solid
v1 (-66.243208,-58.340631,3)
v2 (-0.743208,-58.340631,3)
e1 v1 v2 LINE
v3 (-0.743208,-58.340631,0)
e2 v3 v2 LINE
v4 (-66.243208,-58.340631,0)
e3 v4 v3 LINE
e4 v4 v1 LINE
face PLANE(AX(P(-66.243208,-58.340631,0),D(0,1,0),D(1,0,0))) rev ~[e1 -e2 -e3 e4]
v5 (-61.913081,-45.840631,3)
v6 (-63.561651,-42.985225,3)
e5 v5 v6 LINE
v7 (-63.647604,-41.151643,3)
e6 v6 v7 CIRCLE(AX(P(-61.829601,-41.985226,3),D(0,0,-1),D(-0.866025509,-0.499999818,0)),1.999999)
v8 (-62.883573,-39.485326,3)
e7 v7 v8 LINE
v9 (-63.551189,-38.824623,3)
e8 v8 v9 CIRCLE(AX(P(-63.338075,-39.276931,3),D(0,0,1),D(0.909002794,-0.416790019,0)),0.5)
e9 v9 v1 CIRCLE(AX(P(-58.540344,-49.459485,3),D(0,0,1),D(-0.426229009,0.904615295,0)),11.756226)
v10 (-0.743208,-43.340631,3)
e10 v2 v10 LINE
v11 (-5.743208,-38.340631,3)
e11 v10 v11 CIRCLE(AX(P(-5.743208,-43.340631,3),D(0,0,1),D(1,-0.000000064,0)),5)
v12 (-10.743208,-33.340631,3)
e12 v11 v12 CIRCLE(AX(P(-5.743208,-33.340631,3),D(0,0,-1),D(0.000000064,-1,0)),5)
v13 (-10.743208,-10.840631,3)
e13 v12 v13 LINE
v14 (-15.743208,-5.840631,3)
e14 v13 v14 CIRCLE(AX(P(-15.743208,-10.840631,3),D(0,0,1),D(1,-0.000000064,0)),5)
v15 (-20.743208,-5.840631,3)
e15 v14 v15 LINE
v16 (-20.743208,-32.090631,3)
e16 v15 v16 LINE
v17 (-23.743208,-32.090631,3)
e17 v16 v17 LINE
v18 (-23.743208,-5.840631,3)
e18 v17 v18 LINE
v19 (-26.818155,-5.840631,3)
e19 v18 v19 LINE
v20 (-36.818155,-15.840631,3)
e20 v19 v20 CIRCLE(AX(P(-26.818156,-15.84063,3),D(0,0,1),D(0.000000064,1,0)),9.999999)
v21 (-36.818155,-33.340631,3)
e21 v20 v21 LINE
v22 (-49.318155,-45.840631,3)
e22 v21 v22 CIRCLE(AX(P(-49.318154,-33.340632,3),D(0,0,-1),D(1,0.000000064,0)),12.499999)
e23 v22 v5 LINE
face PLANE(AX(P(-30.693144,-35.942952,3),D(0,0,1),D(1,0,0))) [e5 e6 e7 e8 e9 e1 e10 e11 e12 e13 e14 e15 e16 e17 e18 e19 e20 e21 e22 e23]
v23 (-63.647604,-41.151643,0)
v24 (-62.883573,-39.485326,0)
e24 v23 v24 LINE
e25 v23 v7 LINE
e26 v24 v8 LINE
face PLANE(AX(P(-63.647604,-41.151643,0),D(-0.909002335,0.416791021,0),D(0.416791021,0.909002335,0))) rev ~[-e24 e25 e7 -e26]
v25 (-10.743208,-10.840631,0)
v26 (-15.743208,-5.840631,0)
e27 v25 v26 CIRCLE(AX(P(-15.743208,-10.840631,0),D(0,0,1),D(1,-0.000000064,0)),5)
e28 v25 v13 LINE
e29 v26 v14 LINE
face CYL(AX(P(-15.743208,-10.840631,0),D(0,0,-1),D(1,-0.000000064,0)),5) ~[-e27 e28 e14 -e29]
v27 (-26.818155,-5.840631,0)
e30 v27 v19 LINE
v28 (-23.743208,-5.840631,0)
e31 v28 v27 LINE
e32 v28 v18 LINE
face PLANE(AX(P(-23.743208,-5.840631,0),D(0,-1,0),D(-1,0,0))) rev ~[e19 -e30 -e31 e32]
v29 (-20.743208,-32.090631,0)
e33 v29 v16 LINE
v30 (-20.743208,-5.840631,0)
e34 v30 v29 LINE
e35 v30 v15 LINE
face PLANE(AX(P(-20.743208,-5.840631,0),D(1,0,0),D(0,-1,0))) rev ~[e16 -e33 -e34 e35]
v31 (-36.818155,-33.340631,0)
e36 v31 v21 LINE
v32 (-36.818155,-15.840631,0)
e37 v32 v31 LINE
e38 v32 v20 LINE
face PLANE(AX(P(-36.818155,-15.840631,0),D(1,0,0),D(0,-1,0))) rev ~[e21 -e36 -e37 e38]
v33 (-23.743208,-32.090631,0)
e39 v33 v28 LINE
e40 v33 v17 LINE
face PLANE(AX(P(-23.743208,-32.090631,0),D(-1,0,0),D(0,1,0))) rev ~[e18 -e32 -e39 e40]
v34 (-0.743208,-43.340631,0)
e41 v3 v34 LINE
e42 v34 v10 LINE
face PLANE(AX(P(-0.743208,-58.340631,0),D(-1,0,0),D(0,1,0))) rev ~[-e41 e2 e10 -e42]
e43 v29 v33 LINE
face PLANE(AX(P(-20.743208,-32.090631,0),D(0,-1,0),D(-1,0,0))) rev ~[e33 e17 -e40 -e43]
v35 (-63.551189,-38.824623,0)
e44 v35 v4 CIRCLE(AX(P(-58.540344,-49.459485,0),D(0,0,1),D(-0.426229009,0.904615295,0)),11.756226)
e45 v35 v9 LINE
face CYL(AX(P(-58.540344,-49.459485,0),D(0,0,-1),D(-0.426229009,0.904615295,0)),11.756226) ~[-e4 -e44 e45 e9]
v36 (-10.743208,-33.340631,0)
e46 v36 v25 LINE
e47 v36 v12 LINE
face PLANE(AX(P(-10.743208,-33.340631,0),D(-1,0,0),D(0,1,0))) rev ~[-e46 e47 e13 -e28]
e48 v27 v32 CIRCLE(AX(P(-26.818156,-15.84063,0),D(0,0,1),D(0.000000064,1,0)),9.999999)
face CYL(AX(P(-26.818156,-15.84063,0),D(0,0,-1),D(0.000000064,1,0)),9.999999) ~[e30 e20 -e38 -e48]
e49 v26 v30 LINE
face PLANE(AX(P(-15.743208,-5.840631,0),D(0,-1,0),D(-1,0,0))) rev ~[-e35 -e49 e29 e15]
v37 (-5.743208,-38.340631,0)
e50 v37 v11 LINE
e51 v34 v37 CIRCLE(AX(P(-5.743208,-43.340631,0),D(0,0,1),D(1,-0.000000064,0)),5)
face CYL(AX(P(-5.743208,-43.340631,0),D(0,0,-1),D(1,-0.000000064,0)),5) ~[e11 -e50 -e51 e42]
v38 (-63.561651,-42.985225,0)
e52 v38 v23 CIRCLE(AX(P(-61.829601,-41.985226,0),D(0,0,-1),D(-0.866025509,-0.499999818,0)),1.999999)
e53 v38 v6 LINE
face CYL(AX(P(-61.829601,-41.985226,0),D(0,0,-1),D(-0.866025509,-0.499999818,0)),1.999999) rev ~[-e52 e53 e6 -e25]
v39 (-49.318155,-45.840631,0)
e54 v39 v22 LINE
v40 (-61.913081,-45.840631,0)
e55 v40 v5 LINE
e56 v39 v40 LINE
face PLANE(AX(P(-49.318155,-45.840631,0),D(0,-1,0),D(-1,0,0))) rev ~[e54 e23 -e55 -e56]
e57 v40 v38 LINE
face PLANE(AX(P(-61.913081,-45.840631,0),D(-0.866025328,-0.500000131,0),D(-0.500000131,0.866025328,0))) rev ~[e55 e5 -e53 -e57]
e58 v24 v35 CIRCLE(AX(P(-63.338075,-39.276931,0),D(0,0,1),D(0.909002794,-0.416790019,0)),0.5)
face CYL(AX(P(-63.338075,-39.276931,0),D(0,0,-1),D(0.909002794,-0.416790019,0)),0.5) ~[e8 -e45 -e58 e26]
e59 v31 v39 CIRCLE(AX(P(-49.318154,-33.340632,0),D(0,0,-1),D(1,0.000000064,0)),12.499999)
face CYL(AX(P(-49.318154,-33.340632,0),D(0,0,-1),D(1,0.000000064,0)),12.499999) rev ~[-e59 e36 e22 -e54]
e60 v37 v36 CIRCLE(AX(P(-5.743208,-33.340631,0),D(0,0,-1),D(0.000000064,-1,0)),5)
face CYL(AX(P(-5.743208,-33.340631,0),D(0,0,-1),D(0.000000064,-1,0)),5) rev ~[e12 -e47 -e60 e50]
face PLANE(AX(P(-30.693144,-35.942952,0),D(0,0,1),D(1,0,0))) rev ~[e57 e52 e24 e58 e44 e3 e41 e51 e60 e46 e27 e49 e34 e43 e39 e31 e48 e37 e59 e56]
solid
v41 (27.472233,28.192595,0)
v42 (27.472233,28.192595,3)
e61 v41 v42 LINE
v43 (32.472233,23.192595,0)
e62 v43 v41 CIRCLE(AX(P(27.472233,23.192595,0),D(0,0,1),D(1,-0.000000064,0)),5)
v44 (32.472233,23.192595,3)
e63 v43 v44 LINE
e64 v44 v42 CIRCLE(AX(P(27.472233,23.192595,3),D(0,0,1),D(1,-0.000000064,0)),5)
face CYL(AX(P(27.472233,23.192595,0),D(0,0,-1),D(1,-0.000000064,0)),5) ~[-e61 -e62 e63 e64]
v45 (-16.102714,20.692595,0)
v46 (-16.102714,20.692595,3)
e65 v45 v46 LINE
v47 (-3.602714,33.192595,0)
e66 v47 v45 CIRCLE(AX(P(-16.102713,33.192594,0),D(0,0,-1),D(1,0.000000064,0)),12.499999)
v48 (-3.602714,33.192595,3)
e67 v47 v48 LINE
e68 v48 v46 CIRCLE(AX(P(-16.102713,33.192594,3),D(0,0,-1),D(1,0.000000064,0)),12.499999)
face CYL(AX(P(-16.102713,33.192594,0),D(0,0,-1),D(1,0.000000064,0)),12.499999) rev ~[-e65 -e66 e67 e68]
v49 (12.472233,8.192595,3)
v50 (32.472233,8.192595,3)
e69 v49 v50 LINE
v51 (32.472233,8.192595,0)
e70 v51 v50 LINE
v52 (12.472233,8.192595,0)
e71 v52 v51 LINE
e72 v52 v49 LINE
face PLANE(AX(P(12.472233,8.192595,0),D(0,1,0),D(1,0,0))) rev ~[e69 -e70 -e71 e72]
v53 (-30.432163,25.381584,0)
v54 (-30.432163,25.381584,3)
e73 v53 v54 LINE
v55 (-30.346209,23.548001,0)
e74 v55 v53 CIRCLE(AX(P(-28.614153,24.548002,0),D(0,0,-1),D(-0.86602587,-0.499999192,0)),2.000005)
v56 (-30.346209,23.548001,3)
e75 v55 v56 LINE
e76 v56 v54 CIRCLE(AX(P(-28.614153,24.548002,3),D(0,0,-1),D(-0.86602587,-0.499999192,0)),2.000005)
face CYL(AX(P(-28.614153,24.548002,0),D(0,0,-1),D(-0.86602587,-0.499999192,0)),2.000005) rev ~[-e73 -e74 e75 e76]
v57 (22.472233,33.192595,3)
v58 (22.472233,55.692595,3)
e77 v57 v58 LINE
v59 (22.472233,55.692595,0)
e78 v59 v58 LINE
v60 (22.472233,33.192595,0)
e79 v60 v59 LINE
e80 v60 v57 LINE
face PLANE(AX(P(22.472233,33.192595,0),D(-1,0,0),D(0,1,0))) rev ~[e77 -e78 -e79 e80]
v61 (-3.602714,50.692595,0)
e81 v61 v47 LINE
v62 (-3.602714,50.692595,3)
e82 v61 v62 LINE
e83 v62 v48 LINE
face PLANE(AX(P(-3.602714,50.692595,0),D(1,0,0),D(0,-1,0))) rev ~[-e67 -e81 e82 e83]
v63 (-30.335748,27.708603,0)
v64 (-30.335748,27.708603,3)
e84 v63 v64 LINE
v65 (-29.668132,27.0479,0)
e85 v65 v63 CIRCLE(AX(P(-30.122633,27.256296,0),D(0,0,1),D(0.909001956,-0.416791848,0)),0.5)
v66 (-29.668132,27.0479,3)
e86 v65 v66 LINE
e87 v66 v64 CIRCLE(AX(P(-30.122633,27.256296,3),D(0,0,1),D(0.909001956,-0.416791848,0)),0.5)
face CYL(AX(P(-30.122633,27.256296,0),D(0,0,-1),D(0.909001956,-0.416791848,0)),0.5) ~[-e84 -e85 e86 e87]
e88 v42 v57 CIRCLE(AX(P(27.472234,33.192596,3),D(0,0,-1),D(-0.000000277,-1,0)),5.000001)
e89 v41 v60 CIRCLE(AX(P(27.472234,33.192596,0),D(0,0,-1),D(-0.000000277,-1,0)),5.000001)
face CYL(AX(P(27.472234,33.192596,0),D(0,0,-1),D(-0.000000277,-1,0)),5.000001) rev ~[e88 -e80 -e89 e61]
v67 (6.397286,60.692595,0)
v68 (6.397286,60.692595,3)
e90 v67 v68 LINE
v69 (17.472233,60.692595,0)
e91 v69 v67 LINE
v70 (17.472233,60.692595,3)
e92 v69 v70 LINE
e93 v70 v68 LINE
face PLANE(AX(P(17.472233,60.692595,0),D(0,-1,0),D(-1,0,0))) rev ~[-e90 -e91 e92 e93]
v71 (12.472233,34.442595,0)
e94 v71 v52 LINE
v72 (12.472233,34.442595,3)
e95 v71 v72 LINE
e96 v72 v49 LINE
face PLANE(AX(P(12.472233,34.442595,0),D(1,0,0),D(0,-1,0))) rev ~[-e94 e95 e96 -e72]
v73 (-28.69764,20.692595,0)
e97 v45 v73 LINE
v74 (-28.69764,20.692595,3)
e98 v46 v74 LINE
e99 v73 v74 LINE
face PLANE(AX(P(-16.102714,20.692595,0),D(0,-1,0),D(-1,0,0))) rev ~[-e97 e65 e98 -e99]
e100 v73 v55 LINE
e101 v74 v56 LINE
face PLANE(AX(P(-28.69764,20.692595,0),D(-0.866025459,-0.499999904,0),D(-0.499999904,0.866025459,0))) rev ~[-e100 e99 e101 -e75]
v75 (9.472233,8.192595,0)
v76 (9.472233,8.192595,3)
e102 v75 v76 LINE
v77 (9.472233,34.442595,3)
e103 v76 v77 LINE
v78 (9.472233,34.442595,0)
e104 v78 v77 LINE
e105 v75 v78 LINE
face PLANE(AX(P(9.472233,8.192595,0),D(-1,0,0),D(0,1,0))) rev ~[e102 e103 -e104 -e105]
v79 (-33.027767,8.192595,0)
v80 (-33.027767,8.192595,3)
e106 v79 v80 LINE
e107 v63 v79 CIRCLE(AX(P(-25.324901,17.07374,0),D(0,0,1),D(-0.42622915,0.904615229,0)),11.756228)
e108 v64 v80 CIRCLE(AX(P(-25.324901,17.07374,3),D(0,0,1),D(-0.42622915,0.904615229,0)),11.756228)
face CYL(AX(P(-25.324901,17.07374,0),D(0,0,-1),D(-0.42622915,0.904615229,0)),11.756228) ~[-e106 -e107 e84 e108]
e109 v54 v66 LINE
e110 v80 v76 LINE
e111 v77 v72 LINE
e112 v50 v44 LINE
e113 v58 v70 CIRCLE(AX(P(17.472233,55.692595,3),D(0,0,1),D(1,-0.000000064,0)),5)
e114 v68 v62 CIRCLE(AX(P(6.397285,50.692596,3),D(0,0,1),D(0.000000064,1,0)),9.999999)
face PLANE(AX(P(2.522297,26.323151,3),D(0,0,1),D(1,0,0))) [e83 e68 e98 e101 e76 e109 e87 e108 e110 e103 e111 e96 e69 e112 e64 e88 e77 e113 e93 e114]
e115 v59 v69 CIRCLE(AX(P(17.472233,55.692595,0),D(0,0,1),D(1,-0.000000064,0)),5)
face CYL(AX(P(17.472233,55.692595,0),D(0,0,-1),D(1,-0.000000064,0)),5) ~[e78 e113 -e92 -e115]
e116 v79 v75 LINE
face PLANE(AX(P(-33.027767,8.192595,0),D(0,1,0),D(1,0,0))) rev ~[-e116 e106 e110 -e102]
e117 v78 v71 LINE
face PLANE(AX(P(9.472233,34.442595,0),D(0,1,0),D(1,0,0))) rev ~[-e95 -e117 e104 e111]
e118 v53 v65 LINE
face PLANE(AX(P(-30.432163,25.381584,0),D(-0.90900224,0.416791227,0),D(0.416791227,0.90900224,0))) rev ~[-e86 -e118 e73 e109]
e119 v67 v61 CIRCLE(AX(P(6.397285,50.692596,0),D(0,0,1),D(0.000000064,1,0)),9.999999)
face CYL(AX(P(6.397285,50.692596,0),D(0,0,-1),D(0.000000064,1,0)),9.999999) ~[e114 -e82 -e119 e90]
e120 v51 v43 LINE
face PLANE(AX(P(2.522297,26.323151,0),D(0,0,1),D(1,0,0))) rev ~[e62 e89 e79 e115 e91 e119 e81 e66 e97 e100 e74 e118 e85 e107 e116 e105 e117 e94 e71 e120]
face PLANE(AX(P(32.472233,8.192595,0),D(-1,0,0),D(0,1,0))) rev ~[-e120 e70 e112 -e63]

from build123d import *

# Parameters (mm, degrees)
F1_DEPTH = 3


with BuildPart() as f1:
    # F0 (on Top) → F1 (new body)
    with BuildSketch(Plane.XY):
        with BuildLine():
            ThreePointArc((-3.602714, 33.192595), (-7.263879, 24.35376), (-16.102714, 20.692595))
            Line((-16.102714, 20.692595), (-28.69764, 20.692595))
            Line((-28.69764, 20.692595), (-30.346209, 23.548001))
            ThreePointArc((-30.346209, 23.548001), (-30.611964, 24.454349), (-30.432163, 25.381584))
            Line((-30.432163, 25.381584), (-29.668132, 27.0479))
            ThreePointArc((-29.668132, 27.0479), (-29.770924, 27.611684), (-30.335748, 27.708603))
            ThreePointArc((-30.335748, 27.708603), (-36.970856, 18.680172), (-33.027767, 8.192595))
            Line((-33.027767, 8.192595), (9.472233, 8.192595))
            Line((9.472233, 8.192595), (9.472233, 34.442595))
            Line((9.472233, 34.442595), (12.472233, 34.442595))
            Line((12.472233, 34.442595), (12.472233, 8.192595))
            Line((12.472233, 8.192595), (32.472233, 8.192595))
            Line((32.472233, 8.192595), (32.472233, 23.192595))
            ThreePointArc((32.472233, 23.192595), (31.007767, 26.728129), (27.472233, 28.192595))
            ThreePointArc((27.472233, 28.192595), (23.9367, 29.657061), (22.472233, 33.192595))
            Line((22.472233, 33.192595), (22.472233, 55.692595))
            ThreePointArc((22.472233, 55.692595), (21.007767, 59.228129), (17.472233, 60.692595))
            Line((17.472233, 60.692595), (6.397286, 60.692595))
            ThreePointArc((6.397286, 60.692595), (-0.673782, 57.763663), (-3.602714, 50.692595))
            Line((-3.602714, 50.692595), (-3.602714, 33.192595))
        make_face()
        with BuildLine():
            ThreePointArc((-36.818155, -33.340631), (-40.47932, -42.179466), (-49.318155, -45.840631))
            Line((-49.318155, -45.840631), (-61.913081, -45.840631))
            Line((-61.913081, -45.840631), (-63.561651, -42.985225))
            ThreePointArc((-63.561651, -42.985225), (-63.827406, -42.078877), (-63.647604, -41.151643))
            Line((-63.647604, -41.151643), (-62.883573, -39.485326))
            ThreePointArc((-62.883573, -39.485326), (-62.986366, -38.921542), (-63.551189, -38.824623))
            ThreePointArc((-63.551189, -38.824623), (-70.186298, -47.853054), (-66.243208, -58.340631))
            Line((-66.243208, -58.340631), (-23.743208, -58.340631))
            Line((-23.743208, -58.340631), (-20.743208, -58.340631))
            Line((-20.743208, -58.340631), (-0.743208, -58.340631))
            Line((-0.743208, -58.340631), (-0.743208, -43.340631))
            ThreePointArc((-0.743208, -43.340631), (-2.207674, -39.805097), (-5.743208, -38.340631))
            ThreePointArc((-5.743208, -38.340631), (-9.278742, -36.876165), (-10.743208, -33.340631))
            Line((-10.743208, -33.340631), (-10.743208, -10.840631))
            ThreePointArc((-10.743208, -10.840631), (-12.207674, -7.305097), (-15.743208, -5.840631))
            Line((-15.743208, -5.840631), (-20.743208, -5.840631))
            Line((-20.743208, -5.840631), (-20.743208, -32.090631))
            Line((-20.743208, -32.090631), (-23.743208, -32.090631))
            Line((-23.743208, -32.090631), (-23.743208, -5.840631))
            Line((-23.743208, -5.840631), (-26.818155, -5.840631))
            ThreePointArc((-26.818155, -5.840631), (-33.889223, -8.769563), (-36.818155, -15.840631))
            Line((-36.818155, -15.840631), (-36.818155, -33.340631))
        make_face()
    extrude(amount=F1_DEPTH)


solid = f1.part
